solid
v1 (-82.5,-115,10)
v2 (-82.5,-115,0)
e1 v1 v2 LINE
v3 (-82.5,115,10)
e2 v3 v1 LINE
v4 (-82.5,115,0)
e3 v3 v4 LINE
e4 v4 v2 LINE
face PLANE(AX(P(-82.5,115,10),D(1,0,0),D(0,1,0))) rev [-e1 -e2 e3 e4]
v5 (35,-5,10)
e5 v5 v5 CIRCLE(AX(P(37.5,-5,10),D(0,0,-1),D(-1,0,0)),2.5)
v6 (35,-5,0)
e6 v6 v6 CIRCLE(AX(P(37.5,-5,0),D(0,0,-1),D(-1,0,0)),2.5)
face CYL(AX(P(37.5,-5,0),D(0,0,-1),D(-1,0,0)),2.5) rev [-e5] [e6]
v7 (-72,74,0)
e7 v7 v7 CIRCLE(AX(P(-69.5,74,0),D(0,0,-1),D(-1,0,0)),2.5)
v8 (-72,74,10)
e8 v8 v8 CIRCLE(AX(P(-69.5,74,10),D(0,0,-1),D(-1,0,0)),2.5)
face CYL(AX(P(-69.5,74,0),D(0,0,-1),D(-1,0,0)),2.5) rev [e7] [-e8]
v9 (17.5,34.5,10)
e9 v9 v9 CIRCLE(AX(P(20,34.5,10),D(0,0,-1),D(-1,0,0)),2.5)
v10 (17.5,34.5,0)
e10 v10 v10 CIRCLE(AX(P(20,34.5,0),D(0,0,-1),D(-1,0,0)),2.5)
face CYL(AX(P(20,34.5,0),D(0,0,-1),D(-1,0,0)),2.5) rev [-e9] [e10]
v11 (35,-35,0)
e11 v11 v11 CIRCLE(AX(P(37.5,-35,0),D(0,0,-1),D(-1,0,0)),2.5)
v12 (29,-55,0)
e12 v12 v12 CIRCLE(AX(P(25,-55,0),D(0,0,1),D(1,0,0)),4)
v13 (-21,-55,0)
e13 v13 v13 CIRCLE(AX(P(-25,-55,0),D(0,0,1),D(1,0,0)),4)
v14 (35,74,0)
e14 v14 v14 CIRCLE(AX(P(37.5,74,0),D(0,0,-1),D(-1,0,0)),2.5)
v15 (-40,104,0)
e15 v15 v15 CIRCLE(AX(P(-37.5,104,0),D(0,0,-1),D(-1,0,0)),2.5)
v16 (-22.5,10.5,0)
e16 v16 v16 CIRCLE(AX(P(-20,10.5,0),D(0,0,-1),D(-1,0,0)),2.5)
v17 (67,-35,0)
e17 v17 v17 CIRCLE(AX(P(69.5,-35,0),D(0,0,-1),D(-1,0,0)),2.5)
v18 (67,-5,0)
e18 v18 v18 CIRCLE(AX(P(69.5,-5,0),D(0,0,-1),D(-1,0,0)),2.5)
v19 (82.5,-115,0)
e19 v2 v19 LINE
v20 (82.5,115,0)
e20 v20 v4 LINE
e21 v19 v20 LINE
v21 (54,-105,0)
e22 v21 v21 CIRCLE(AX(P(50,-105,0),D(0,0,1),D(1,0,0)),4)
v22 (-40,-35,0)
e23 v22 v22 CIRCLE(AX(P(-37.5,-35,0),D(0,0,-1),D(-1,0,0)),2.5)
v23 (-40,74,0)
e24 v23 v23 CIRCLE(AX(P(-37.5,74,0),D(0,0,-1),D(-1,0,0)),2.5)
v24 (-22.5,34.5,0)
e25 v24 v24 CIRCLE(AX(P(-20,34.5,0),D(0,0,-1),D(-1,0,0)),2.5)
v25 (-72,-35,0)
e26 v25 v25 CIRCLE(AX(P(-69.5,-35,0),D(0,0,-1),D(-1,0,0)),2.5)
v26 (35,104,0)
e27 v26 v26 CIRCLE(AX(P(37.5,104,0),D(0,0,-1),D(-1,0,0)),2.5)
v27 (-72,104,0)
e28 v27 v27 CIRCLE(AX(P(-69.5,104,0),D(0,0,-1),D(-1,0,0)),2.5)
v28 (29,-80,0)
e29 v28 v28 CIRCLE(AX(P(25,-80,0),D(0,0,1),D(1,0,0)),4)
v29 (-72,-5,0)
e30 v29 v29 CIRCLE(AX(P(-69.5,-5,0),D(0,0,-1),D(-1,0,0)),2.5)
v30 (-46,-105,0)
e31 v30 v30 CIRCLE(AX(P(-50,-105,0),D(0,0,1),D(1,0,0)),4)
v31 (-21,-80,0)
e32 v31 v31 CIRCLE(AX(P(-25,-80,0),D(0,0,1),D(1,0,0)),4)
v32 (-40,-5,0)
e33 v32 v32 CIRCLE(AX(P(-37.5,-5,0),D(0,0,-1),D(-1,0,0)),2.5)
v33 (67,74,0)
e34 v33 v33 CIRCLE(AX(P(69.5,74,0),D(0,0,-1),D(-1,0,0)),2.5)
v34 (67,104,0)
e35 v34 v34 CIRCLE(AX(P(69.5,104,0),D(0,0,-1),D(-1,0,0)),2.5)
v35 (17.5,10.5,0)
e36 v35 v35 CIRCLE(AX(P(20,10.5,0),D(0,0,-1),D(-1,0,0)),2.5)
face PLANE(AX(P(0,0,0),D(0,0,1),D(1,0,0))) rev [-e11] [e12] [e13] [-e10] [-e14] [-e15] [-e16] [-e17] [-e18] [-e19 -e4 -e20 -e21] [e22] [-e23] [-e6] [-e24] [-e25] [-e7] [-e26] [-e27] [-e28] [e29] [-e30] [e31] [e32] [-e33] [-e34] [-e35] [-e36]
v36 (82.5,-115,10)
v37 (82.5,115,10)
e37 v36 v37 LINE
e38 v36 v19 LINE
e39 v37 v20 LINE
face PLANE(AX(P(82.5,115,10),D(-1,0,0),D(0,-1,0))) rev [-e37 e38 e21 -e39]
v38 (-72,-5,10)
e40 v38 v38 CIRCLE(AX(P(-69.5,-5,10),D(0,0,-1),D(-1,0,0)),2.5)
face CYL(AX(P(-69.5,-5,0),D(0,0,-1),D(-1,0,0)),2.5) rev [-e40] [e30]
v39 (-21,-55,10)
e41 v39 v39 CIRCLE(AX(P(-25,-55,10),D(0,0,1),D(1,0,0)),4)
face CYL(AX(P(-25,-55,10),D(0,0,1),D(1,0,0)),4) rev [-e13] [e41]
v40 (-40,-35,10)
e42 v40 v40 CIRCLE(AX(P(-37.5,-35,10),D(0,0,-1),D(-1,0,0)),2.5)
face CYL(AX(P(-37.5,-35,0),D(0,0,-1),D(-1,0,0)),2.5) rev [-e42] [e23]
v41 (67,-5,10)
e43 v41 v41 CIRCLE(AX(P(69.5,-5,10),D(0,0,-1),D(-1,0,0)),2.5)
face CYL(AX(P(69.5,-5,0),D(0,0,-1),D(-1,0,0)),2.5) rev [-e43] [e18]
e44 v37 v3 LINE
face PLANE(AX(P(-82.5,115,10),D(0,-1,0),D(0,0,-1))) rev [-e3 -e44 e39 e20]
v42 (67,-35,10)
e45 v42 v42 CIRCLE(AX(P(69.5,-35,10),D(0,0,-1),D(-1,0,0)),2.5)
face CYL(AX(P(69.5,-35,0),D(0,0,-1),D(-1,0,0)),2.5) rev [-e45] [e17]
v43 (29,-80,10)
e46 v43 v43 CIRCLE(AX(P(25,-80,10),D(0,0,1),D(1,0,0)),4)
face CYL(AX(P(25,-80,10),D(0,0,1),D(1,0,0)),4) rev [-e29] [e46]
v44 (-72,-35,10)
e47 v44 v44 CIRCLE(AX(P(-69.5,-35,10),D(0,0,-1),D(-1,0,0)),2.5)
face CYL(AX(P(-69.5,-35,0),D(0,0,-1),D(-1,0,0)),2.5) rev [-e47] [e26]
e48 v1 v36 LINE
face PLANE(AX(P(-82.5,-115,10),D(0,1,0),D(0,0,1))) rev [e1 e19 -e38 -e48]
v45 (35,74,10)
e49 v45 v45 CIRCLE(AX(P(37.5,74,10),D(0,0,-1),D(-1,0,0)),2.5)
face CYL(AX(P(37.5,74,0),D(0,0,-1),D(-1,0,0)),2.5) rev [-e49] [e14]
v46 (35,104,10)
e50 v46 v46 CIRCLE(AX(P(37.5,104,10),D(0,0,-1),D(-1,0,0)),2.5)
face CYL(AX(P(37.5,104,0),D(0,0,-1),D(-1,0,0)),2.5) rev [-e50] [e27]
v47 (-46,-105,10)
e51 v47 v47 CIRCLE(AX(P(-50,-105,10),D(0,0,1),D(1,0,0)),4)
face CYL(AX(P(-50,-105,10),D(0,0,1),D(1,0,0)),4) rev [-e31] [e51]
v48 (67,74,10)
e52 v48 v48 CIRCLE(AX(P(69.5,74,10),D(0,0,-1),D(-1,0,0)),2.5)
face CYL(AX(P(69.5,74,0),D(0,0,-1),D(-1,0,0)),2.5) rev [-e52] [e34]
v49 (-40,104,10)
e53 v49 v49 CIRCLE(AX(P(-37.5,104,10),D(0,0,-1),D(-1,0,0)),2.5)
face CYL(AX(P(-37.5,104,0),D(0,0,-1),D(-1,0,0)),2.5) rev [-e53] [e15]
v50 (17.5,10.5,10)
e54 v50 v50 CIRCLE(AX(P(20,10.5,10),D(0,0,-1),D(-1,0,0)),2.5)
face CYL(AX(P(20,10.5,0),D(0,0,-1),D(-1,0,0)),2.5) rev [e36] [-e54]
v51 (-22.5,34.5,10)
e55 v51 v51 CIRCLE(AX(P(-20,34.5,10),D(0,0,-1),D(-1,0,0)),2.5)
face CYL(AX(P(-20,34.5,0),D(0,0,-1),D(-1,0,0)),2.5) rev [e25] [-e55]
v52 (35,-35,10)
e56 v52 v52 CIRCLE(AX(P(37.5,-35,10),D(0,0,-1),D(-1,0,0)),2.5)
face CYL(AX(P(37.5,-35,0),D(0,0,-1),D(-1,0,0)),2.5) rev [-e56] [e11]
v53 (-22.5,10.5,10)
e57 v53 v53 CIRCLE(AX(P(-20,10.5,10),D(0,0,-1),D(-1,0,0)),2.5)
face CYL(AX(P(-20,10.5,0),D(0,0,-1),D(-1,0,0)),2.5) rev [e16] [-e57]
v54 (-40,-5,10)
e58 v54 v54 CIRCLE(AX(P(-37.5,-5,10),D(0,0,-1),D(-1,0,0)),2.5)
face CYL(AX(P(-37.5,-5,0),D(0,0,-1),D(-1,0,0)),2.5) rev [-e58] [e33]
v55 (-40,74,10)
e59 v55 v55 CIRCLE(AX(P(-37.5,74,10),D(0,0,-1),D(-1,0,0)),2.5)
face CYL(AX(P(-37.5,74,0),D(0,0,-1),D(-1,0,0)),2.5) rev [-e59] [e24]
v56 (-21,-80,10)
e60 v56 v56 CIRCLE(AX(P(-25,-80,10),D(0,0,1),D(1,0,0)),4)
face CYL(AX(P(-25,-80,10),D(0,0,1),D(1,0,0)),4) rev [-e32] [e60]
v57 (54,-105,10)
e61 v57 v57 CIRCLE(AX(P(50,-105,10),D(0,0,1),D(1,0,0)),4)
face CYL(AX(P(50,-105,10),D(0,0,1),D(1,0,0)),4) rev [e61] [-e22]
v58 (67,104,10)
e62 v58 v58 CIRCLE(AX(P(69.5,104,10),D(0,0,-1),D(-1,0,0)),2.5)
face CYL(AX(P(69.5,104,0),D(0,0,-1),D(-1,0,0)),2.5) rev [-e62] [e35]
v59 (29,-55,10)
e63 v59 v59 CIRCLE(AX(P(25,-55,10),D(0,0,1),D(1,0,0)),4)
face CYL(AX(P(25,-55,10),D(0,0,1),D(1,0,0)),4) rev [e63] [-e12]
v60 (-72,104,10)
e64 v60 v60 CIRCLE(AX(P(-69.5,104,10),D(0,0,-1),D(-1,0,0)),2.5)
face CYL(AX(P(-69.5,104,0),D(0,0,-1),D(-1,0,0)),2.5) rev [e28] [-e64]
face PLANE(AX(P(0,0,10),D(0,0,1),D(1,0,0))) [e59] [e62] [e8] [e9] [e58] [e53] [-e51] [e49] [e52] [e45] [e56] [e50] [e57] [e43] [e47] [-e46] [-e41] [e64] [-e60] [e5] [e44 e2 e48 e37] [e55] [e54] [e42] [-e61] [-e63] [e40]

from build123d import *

# Parameters (mm, degrees)
SKETCH1_W           = 165
SKETCH1_H           = 230
BOSS_EXTRUDE1_DEPTH = 10
OTW_R_5_0_5_1_D     = 5
OTW_R_8_0_8_1_D     = 8
OTW_R_8_0_8_2_D     = 8


with BuildPart() as part:
    # Sketch1 → Boss-Extrude1 (new body)
    with BuildSketch(Plane.XY):
        Rectangle(SKETCH1_W, SKETCH1_H)
    extrude(amount=BOSS_EXTRUDE1_DEPTH)

    # Otwór Ø5.0 (5)1 (through all)
    with Locations(Plane(origin=(0, 0, 0), x_dir=(-1, 0, 0), z_dir=(0, 0, -1))):
        with Locations((-69.5, 104), (-37.5, 104), (-37.5, 74), (-69.5, 74), (-69.5, -5), (-37.5, -5), (-37.5, -35), (-69.5, -35), (37.5, 104), (69.5, 104), (69.5, 74), (37.5, 74), (37.5, -5), (69.5, -5), (69.5, -35), (37.5, -35), (-20, 34.5), (20, 34.5), (20, 10.5), (-20, 10.5)):
            Hole(OTW_R_5_0_5_1_D / 2)

    # Otwór Ø8.0 (8)1 (through all)
    with Locations(Plane.XY.offset(10)):
        with Locations((-25, -55), (25, -55), (25, -80), (-25, -80)):
            Hole(OTW_R_8_0_8_1_D / 2)

    # Otwór Ø8.0 (8)2 (through all)
    with Locations(Plane.XY.offset(10)):
        with Locations((50, -105), (-50, -105)):
            Hole(OTW_R_8_0_8_2_D / 2)


solid = part.part
